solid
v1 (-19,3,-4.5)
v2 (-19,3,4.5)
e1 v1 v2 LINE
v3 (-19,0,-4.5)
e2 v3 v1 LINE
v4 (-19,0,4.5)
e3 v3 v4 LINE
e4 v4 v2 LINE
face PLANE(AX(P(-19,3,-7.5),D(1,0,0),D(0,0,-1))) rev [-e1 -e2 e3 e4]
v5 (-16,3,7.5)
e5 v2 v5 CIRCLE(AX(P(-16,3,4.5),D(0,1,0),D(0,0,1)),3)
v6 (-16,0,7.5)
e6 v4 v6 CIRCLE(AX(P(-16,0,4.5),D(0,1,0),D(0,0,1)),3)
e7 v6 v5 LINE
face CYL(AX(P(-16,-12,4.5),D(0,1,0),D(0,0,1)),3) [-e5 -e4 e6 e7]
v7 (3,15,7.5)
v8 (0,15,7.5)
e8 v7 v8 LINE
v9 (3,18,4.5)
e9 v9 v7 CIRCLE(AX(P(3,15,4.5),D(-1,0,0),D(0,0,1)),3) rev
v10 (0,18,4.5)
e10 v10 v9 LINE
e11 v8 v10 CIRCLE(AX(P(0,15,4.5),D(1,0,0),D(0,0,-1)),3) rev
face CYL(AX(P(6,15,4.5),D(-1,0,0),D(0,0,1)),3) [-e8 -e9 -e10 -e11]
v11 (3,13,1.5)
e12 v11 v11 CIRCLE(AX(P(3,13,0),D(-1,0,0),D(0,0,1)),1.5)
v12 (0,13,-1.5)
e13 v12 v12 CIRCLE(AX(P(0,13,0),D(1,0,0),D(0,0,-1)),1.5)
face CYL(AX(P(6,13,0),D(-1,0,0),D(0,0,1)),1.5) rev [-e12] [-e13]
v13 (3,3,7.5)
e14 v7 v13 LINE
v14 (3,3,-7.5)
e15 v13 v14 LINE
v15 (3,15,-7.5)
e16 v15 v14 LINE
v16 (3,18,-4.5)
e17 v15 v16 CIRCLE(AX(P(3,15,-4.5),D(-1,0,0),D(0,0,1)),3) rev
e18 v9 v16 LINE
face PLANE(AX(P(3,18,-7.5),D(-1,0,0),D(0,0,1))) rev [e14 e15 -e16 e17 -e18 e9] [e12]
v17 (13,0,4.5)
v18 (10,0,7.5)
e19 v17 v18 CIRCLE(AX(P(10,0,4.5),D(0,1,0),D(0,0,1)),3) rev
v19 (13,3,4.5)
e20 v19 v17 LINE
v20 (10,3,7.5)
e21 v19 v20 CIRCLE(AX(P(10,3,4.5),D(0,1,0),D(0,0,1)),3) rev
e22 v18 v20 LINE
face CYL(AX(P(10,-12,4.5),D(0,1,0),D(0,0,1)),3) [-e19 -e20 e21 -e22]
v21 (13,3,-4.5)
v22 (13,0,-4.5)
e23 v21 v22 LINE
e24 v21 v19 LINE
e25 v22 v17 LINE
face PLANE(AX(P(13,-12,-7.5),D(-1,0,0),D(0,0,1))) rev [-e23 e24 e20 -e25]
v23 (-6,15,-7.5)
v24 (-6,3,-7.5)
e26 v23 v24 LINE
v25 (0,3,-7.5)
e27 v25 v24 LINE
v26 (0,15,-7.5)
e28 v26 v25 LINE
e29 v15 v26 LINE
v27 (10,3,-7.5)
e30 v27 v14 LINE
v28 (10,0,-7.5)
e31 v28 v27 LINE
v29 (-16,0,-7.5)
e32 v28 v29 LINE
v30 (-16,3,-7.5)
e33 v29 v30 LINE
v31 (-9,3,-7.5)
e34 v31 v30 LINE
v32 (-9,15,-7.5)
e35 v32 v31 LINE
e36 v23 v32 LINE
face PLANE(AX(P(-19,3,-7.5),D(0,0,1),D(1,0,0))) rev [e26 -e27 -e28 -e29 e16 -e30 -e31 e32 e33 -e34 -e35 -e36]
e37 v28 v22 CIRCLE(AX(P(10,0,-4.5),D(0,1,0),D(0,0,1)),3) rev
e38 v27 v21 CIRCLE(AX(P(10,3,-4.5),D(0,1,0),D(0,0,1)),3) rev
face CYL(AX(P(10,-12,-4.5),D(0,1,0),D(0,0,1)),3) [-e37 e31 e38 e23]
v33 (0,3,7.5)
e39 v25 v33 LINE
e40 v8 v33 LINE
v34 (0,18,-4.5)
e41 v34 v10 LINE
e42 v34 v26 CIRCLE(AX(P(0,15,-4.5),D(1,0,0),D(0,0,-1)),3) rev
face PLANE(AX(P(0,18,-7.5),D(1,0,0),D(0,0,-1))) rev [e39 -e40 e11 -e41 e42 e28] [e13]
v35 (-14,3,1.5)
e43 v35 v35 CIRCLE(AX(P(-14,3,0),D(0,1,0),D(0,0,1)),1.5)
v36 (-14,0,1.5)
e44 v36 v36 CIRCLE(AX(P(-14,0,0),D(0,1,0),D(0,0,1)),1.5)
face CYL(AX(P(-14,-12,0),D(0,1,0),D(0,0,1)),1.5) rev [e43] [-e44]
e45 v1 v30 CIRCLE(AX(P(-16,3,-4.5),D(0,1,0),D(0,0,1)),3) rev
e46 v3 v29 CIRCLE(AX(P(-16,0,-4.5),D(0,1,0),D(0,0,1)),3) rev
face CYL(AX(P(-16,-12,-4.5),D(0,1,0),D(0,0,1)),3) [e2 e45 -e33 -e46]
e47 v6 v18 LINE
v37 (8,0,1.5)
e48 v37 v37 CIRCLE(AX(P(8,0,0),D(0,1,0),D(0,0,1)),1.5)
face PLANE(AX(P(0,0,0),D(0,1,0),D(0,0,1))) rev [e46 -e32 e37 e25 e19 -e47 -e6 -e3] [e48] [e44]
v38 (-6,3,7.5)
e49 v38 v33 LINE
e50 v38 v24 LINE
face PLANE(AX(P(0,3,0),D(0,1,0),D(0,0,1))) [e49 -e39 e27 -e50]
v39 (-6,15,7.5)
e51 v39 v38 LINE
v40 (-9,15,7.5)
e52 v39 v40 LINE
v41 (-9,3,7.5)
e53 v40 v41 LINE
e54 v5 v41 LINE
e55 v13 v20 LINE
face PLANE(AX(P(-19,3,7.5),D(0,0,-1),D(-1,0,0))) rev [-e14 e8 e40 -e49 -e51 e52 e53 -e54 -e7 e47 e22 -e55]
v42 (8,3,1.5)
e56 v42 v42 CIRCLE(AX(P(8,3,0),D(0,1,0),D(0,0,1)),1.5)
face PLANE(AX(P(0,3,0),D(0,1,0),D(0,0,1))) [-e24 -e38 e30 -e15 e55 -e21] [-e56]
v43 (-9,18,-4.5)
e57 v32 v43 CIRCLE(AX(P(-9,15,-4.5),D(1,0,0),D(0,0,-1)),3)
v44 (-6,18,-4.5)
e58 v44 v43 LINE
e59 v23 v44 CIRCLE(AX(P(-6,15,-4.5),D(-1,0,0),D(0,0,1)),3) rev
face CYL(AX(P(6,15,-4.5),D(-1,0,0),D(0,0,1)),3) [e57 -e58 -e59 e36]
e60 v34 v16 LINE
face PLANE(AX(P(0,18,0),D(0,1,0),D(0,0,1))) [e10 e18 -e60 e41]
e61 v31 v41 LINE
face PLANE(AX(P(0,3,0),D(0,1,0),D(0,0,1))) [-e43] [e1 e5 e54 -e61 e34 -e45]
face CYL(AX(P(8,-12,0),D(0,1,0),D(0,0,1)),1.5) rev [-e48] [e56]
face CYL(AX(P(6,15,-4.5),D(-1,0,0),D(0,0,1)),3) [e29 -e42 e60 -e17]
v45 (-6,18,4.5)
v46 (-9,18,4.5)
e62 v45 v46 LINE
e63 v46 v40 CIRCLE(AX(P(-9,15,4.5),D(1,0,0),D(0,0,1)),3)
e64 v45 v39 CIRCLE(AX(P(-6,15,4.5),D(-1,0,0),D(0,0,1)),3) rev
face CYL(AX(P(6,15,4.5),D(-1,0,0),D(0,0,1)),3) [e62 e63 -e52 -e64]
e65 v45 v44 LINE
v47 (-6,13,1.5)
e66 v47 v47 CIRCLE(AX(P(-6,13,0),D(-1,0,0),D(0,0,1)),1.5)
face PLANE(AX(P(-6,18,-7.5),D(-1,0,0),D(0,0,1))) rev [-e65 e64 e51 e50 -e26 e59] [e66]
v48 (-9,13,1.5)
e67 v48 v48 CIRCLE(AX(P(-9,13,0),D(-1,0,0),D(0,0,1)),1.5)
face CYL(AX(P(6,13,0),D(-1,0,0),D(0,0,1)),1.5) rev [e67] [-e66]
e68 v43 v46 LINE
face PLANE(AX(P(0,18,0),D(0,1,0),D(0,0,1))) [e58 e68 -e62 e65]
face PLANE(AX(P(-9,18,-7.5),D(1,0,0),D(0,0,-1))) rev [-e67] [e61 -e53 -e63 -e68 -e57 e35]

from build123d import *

# Parameters (mm, degrees)
CROQUIS1_W              = 38
CROQUIS1_H              = 15
SALIENTE_EXTRUIR1_DEPTH = 3
CROQUIS2_W              = 3
CROQUIS2_H              = 15
SALIENTE_EXTRUIR2_DEPTH = 15
CROQUIS3_W              = 6
CROQUIS3_H              = 15
CORTAR_EXTRUIR1_DEPTH   = 15
CORTAR_EXTRUIR2_DEPTH   = 15
CORTAR_EXTRUIR3_DEPTH   = 15
CROQUIS6_R              = 1.5
CORTAR_EXTRUIR4_DEPTH   = 15
CROQUIS7_R              = 1.5
CORTAR_EXTRUIR5_DEPTH   = 15


with BuildPart() as part:
    # Croquis1 → Saliente-Extruir1 (new body)
    with BuildSketch(Plane(origin=(0, 0, 0), x_dir=(1, 0, 0), z_dir=(0, 1, 0))):
        Rectangle(CROQUIS1_W, CROQUIS1_H)
    extrude(amount=SALIENTE_EXTRUIR1_DEPTH)

    # Croquis2 → Saliente-Extruir2 (add)
    with BuildSketch(Plane(origin=(0, 3, 0), x_dir=(1, 0, 0), z_dir=(0, 1, 0))):
        with Locations((-7.5, 0)):
            Rectangle(CROQUIS2_W, CROQUIS2_H)
        with Locations((1.5, 0)):
            Rectangle(CROQUIS2_W, CROQUIS2_H)
    extrude(amount=SALIENTE_EXTRUIR2_DEPTH)

    # Croquis3 → Cortar-Extruir1 (cut)
    with BuildSketch(Plane(origin=(0, 3, 0), x_dir=(1, 0, 0), z_dir=(0, 1, 0))):
        with Locations((16, 0)):
            Rectangle(CROQUIS3_W, CROQUIS3_H)
    extrude(amount=-CORTAR_EXTRUIR1_DEPTH, mode=Mode.SUBTRACT)

    # Croquis4 → Cortar-Extruir2 (cut)
    with BuildSketch(Plane(origin=(0, 3, 0), x_dir=(1, 0, 0), z_dir=(0, 1, 0))):
        with BuildLine():
            Line((-19, 7.5), (-19, 4.5))
            ThreePointArc((-19, 4.5), (-18.121320344, 6.621320344), (-16, 7.5))
            Line((-16, 7.5), (-19, 7.5))
        make_face()
        with BuildLine():
            ThreePointArc((-16, -7.5), (-18.121320344, -6.621320344), (-19, -4.5))
            Line((-19, -4.5), (-19, -7.5))
            Line((-19, -7.5), (-16, -7.5))
        make_face()
        with BuildLine():
            Line((13, -4.5), (13, -7.5))
            Line((13, -7.5), (10, -7.5))
            ThreePointArc((10, -7.5), (12.121320344, -6.621320344), (13, -4.5))
        make_face()
        with BuildLine():
            Line((10, 7.5), (13, 7.5))
            Line((13, 7.5), (13, 4.5))
            ThreePointArc((13, 4.5), (12.121320344, 6.621320344), (10, 7.5))
        make_face()
    extrude(amount=-CORTAR_EXTRUIR2_DEPTH, mode=Mode.SUBTRACT)

    # Croquis5 → Cortar-Extruir3 (cut)
    with BuildSketch(Plane.ZY.offset(9)):
        with BuildLine():
            Line((-4.5, 18), (-7.5, 18))
            Line((-7.5, 18), (-7.5, 15))
            ThreePointArc((-7.5, 15), (-6.621320344, 17.121320344), (-4.5, 18))
        make_face()
        with BuildLine():
            Line((4.5, 18), (7.5, 18))
            Line((7.5, 18), (7.5, 15))
            ThreePointArc((7.5, 15), (6.621320344, 17.121320344), (4.5, 18))
        make_face()
    extrude(amount=-CORTAR_EXTRUIR3_DEPTH, mode=Mode.SUBTRACT)

    # Croquis6 → Cortar-Extruir4 (cut)
    with BuildSketch(Plane.ZY.offset(9)):
        with Locations((0, 13)):
            Circle(CROQUIS6_R)
    extrude(amount=-CORTAR_EXTRUIR4_DEPTH, mode=Mode.SUBTRACT)

    # Croquis7 → Cortar-Extruir5 (cut)
    with BuildSketch(Plane(origin=(0, 3, 0), x_dir=(1, 0, 0), z_dir=(0, 1, 0))):
        with Locations(Location((-14, 0, 0), (0, 0, 270))):
            Circle(CROQUIS7_R)
        with Locations(Location((8, 0, 0), (0, 0, 270))):
            Circle(CROQUIS7_R)
    extrude(amount=-CORTAR_EXTRUIR5_DEPTH, mode=Mode.SUBTRACT)


solid = part.part
